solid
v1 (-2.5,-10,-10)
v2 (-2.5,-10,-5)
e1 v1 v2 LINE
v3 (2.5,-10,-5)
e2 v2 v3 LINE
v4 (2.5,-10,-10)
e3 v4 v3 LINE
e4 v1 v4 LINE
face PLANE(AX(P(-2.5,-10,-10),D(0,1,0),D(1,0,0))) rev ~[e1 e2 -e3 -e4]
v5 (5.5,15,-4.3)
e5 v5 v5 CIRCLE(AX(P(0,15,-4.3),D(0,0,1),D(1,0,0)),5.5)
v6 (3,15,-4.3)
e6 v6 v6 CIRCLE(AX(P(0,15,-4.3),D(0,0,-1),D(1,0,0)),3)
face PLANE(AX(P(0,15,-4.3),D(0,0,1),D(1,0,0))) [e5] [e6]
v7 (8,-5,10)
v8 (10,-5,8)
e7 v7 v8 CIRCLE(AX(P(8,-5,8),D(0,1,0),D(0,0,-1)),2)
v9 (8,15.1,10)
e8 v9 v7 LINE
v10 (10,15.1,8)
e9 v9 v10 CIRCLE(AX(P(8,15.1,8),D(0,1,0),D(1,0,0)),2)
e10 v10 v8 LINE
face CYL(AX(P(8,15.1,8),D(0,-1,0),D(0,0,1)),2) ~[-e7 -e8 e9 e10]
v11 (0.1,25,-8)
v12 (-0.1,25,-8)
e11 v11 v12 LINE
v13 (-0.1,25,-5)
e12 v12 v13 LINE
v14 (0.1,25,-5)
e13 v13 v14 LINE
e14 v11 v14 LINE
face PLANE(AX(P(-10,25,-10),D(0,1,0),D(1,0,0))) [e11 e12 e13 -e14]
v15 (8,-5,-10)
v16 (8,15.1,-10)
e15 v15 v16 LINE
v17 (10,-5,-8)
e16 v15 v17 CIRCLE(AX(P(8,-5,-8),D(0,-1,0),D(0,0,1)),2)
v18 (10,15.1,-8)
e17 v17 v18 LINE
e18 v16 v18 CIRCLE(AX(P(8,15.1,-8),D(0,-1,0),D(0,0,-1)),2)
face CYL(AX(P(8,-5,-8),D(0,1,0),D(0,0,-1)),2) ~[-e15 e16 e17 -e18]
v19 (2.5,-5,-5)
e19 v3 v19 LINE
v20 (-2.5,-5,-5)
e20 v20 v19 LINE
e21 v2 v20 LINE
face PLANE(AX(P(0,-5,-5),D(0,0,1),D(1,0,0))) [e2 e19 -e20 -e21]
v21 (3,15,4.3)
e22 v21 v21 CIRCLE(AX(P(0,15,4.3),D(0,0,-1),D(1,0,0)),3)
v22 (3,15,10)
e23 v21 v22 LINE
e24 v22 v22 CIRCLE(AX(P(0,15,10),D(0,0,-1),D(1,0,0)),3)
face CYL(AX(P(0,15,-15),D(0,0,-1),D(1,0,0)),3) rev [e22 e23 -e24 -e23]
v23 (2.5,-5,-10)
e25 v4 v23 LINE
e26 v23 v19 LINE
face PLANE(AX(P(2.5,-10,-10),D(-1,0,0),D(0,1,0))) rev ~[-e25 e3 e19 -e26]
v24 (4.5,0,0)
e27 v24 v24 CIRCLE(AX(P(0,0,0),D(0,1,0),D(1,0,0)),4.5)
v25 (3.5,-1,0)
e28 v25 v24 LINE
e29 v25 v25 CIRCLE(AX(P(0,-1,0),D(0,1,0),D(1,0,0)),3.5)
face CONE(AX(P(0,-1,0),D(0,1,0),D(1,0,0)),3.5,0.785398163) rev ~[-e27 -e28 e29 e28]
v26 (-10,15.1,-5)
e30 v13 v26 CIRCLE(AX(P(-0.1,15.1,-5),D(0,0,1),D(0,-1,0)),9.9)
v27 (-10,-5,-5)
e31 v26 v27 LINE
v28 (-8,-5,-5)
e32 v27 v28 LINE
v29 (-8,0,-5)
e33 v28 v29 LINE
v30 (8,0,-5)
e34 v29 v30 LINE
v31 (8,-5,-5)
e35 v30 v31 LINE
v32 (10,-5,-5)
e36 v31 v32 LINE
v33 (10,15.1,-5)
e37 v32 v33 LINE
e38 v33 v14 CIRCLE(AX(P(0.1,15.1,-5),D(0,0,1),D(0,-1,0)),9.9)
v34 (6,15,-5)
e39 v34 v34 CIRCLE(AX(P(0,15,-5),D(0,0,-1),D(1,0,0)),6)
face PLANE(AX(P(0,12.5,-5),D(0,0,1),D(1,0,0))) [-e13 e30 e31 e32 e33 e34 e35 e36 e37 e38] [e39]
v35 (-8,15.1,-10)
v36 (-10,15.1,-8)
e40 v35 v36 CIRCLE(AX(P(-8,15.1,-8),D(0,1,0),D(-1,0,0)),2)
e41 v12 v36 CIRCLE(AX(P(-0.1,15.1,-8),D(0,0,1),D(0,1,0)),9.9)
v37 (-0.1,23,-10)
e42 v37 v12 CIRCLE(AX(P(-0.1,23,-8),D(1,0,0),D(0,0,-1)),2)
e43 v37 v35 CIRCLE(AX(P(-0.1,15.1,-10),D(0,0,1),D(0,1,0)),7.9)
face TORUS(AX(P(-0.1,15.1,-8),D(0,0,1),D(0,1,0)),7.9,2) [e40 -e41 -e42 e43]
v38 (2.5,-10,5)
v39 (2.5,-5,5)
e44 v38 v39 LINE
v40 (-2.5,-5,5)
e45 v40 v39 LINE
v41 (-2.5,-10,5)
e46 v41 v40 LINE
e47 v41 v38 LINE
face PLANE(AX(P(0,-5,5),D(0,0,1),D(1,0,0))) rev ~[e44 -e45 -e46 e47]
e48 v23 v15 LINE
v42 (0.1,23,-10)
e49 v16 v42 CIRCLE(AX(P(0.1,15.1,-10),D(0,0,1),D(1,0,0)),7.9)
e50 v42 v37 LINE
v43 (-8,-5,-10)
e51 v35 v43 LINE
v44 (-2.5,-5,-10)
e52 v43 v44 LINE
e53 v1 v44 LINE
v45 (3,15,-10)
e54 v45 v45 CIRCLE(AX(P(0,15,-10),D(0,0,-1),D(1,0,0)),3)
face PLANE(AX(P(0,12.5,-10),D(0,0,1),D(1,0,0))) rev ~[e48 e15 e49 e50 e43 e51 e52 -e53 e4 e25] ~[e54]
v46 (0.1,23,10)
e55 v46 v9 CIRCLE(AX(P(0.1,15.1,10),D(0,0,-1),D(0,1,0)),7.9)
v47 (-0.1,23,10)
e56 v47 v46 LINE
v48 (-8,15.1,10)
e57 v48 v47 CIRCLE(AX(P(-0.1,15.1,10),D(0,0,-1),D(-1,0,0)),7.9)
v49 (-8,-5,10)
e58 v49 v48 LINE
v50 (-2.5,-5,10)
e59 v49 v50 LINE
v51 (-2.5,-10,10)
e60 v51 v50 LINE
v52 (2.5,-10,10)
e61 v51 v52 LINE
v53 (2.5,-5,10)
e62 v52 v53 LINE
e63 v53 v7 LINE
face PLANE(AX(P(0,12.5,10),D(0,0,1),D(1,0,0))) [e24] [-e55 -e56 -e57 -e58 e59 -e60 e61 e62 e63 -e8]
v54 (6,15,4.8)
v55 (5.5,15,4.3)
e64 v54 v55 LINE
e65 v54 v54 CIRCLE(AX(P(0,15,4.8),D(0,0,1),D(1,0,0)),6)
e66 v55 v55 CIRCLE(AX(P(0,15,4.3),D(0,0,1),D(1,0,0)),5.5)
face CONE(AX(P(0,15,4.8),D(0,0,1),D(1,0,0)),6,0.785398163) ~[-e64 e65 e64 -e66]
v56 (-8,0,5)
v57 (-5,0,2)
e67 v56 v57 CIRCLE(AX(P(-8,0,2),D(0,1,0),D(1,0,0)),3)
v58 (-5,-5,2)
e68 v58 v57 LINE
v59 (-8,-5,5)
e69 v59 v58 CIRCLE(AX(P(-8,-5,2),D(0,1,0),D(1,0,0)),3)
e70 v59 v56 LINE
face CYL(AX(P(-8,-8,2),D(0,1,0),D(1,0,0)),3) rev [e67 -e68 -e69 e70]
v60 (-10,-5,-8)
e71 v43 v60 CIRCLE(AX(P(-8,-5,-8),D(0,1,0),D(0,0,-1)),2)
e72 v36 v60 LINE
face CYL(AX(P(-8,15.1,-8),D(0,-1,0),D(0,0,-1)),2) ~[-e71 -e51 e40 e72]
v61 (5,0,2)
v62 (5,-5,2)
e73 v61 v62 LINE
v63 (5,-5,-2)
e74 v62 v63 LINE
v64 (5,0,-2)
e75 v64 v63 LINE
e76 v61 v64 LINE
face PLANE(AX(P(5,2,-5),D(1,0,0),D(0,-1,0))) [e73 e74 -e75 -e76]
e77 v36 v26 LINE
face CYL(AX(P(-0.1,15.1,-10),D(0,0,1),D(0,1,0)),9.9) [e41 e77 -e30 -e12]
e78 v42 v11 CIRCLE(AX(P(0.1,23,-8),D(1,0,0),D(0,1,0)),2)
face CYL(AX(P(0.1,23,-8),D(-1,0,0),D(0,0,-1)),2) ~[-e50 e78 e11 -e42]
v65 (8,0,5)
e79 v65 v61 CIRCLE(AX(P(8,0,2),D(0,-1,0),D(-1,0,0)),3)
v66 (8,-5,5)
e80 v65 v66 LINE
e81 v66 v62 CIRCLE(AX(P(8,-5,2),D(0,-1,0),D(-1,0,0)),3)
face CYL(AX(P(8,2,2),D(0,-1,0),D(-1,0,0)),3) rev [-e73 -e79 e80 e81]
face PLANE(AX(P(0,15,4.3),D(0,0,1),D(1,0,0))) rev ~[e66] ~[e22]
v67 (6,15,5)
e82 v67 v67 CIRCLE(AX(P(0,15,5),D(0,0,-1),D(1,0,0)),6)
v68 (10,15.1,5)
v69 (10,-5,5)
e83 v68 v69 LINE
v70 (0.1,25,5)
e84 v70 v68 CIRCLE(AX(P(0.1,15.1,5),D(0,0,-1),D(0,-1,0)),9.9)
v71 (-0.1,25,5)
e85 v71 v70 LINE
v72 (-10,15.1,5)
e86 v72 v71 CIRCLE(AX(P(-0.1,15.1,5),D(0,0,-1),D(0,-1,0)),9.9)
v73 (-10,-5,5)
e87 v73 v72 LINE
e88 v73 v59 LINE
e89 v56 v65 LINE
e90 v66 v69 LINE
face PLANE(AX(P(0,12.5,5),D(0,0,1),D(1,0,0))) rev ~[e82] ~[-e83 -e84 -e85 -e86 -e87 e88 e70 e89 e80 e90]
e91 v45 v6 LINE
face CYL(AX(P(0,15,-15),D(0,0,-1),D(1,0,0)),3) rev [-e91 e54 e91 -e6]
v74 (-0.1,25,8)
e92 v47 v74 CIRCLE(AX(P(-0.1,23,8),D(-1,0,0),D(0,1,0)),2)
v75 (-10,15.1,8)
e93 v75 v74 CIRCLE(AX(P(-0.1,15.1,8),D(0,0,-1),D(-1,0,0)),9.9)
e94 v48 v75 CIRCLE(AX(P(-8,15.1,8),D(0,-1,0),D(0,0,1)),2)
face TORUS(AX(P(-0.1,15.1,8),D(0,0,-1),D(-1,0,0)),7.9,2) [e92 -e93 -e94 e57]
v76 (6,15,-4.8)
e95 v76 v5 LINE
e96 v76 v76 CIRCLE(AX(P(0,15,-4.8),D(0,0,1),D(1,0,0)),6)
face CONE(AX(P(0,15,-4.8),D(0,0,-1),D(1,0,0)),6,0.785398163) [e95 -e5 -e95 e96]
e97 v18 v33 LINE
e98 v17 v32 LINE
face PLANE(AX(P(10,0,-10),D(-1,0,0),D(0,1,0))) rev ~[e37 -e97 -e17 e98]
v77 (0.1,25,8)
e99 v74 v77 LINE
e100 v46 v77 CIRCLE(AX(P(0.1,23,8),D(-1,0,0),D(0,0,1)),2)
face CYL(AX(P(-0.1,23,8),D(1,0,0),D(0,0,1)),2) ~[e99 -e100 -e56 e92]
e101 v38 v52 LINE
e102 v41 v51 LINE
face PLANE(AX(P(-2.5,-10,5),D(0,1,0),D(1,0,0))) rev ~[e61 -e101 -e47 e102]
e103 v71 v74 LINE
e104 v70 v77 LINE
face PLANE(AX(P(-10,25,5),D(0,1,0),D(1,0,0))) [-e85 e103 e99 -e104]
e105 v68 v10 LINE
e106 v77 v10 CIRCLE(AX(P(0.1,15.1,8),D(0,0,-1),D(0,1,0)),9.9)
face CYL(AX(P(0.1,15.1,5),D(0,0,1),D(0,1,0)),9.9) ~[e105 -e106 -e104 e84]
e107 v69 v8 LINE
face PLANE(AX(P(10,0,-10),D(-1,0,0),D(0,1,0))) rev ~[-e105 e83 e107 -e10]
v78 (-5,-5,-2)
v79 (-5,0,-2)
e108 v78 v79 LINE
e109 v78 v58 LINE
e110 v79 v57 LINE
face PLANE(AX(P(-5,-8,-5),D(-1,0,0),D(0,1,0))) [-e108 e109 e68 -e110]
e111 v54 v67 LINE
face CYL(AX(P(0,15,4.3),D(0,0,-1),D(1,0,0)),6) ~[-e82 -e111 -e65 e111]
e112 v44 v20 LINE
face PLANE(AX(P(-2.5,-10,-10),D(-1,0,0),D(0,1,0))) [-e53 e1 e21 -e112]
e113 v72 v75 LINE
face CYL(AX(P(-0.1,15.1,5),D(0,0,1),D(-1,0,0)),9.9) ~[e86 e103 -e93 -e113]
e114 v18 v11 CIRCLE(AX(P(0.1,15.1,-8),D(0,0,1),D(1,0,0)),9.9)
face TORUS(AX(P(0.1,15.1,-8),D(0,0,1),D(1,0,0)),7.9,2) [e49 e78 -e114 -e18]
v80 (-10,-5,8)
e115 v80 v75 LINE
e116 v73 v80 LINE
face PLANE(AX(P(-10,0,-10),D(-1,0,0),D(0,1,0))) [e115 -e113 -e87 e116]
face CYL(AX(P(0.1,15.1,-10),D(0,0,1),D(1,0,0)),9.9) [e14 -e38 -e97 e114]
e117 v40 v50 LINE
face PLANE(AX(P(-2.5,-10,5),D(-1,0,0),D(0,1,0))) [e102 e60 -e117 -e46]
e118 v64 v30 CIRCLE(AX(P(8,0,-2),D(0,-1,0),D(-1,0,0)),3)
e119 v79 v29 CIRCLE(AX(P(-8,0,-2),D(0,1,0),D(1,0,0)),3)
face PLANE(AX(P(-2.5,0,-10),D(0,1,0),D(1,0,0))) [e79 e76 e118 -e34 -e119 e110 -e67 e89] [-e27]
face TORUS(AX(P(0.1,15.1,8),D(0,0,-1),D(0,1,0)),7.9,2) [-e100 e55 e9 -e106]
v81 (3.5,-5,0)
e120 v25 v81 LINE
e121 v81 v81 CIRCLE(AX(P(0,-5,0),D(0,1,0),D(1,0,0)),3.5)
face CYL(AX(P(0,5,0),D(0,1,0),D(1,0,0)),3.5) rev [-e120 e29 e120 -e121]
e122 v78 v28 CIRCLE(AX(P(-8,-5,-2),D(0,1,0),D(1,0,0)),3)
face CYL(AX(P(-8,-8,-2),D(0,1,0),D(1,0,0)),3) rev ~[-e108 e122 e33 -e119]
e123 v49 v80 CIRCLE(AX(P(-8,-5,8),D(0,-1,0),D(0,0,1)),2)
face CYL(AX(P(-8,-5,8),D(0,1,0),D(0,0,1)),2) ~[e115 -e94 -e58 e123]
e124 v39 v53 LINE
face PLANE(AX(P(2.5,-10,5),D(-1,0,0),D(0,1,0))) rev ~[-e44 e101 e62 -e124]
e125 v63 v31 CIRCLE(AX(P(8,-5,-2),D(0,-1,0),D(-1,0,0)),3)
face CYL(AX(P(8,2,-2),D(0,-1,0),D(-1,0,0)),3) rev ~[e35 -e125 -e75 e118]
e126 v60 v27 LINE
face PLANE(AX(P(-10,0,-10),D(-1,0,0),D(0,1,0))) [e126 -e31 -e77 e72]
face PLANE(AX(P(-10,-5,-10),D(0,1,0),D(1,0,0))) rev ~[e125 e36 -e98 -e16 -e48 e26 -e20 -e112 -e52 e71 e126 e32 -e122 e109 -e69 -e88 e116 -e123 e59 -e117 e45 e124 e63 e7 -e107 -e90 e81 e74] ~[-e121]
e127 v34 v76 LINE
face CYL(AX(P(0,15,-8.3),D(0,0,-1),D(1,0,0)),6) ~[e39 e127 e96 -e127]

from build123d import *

# Parameters (mm, degrees)
BOX007_W              = 11
BOX007_H              = 7
BOX007_DEPTH          = 10
FILLET_R              = 3
ARRAY_COUNT           = 2
ARRAY_ANGLE           = 180
ARRAY_PLACEMENT_ANGLE = 90
CYLINDER004_R         = 3
CYLINDER004_DEPTH     = 30
CYLINDER_R            = 3.5
CYLINDER_DEPTH        = 15
CYLINDER006_R         = 6
CYLINDER006_DEPTH     = 4
CYLINDER005_R         = 6
CYLINDER005_DEPTH     = 4
BOX001_W              = 5
BOX001_H              = 10
BOX001_DEPTH          = 5
BOX002_W              = 20
BOX002_H              = 25
BOX002_DEPTH          = 5
BOX_W                 = 20
BOX_H                 = 5
BOX_DEPTH             = 20
FILLET001_R           = 9.9
FILLET002_R           = 2
CHAMFER_SIZE          = 1
CHAMFER001_SIZE       = 0.5


with BuildPart() as array:
    # Box007 → Box007 (new body)
    with BuildSketch(Plane(origin=(10, 5, -5), x_dir=(1, 0, 0), z_dir=(0, 0, 1))):
        with Locations((5.5, 3.5)):
            Rectangle(BOX007_W, BOX007_H)
    extrude(amount=BOX007_DEPTH)


with BuildPart() as array_1:
    # BaseFeature placement: moved
    add(array.part.moved(Location((-10, -5, 5))))

    # Fillet
    fillet_edges = [array_1.edges().sort_by_distance(p)[0] for p in [
        (5.5, 0, 10),
        (5.5, 0, 0),
    ]]
    fillet(fillet_edges, radius=FILLET_R)


with BuildPart() as array_2:
    # Body placement: moved
    add(array_1.part.moved(Location((-5, 5, 0))))

    # Array: Array ×2 about axis
    array_axis = Axis((0, 0, 0), (0, 0, 1))


with BuildPart() as array_3:
    add(array_2.part)
    for i in range(1, ARRAY_COUNT):
        add(array_2.part.rotate(array_axis, i * ARRAY_ANGLE / (ARRAY_COUNT - 1)))


with BuildPart() as array_4:
    # Array placement: moved
    add(array_3.part.moved(Location((0, -3, -5))).rotate(Axis((0, -3, -5), (0, 0, 1)), ARRAY_PLACEMENT_ANGLE))


with BuildPart() as cilindro004:
    # Cylinder004 → Cylinder004 (new body)
    with BuildSketch(Plane(origin=(0, 15, -15), x_dir=(1, 0, 0), z_dir=(0, 0, 1))):
        Circle(CYLINDER004_R)
    extrude(amount=CYLINDER004_DEPTH)


with BuildPart() as cilindro:
    # Cylinder → Cylinder (new body)
    with BuildSketch(Plane.XZ.offset(-5)):
        Circle(CYLINDER_R)
    extrude(amount=CYLINDER_DEPTH)


with BuildPart() as apoyo1:
    # Cylinder006 → Cylinder006 (new body)
    with BuildSketch(Plane.XY.offset(4.3)):
        Circle(CYLINDER006_R)
    extrude(amount=CYLINDER006_DEPTH)


with BuildPart() as fusion003:
    # Cylinder005 → Cylinder005 (new body)
    with BuildSketch(Plane.XY.offset(-8.3)):
        Circle(CYLINDER005_R)
    extrude(amount=CYLINDER005_DEPTH)

    # Fusion003: union apoyo1
    add(apoyo1.part)


with BuildPart() as fusion003_1:
    # Fusion003 placement: moved
    add(fusion003.part.moved(Location((0, 15, 0))))


with BuildPart() as pin0:
    # Box001 → Box001 (new body)
    with BuildSketch(Plane(origin=(-2.5, -10, 5), x_dir=(1, 0, 0), z_dir=(0, 0, 1))):
        with Locations((2.5, 5)):
            Rectangle(BOX001_W, BOX001_H)
    extrude(amount=BOX001_DEPTH)


with BuildPart() as pin001:
    # Clone base: copy of pin0
    add(pin0.part)


with BuildPart() as pin001_1:
    # Clone placement: moved
    add(pin001.part.moved(Location((0, 0, -15))))


with BuildPart() as pared1:
    # Box002 → Box002 (new body)
    with BuildSketch(Plane(origin=(-10, 0, 5), x_dir=(1, 0, 0), z_dir=(0, 0, 1))):
        with Locations((10, 12.5)):
            Rectangle(BOX002_W, BOX002_H)
    extrude(amount=BOX002_DEPTH)


with BuildPart() as pared002:
    # Clone001 base: copy of pared1
    add(pared1.part)


with BuildPart() as pared002_1:
    # Clone001 placement: moved
    add(pared002.part.moved(Location((0, 0, -15))))


with BuildPart() as chamfer001001:
    # Box → Box (new body)
    with BuildSketch(Plane(origin=(-10, -5, -10), x_dir=(1, 0, 0), z_dir=(0, 0, 1))):
        with Locations((10, 2.5)):
            Rectangle(BOX_W, BOX_H)
    extrude(amount=BOX_DEPTH)

    # Fusion: union pin0, pin001, pared1, pared002
    add(pin0.part)
    add(pin001_1.part)
    add(pared1.part)
    add(pared002_1.part)

    # Fusion004: union Fusion003
    add(fusion003_1.part)

    # Cut001: cut Cilindro
    add(cilindro.part, mode=Mode.SUBTRACT)

    # Cut002: cut Cilindro004
    add(cilindro004.part, mode=Mode.SUBTRACT)

    # Cut003: cut Array
    add(array_4.part, mode=Mode.SUBTRACT)

    # Fillet001
    fillet001_edges = [chamfer001001.edges().sort_by_distance(p)[0] for p in [
        (10, 25, -7.5),
        (10, 25, 7.5),
        (-10, 25, 7.5),
        (-10, 25, -7.5),
    ]]
    fillet(fillet001_edges, radius=FILLET001_R)

    # Fillet002
    fillet002_edges = [chamfer001001.edges().sort_by_distance(p)[0] for p in [
        (-10, 5.05, -10),
        (-10, 5.05, 10),
    ]]
    fillet(fillet002_edges, radius=FILLET002_R)

    # Chamfer
    chamfer_edges = [chamfer001001.edges().sort_by_distance(p)[0] for p in [
        (-3.5, 0, 0),
    ]]
    chamfer(chamfer_edges, length=CHAMFER_SIZE)

    # Chamfer001
    chamfer001_edges = [chamfer001001.edges().sort_by_distance(p)[0] for p in [
        (-6, 15, -4.3),
        (-6, 15, 4.3),
    ]]
    chamfer(chamfer001_edges, length=CHAMFER001_SIZE)


solid = chamfer001001.part
